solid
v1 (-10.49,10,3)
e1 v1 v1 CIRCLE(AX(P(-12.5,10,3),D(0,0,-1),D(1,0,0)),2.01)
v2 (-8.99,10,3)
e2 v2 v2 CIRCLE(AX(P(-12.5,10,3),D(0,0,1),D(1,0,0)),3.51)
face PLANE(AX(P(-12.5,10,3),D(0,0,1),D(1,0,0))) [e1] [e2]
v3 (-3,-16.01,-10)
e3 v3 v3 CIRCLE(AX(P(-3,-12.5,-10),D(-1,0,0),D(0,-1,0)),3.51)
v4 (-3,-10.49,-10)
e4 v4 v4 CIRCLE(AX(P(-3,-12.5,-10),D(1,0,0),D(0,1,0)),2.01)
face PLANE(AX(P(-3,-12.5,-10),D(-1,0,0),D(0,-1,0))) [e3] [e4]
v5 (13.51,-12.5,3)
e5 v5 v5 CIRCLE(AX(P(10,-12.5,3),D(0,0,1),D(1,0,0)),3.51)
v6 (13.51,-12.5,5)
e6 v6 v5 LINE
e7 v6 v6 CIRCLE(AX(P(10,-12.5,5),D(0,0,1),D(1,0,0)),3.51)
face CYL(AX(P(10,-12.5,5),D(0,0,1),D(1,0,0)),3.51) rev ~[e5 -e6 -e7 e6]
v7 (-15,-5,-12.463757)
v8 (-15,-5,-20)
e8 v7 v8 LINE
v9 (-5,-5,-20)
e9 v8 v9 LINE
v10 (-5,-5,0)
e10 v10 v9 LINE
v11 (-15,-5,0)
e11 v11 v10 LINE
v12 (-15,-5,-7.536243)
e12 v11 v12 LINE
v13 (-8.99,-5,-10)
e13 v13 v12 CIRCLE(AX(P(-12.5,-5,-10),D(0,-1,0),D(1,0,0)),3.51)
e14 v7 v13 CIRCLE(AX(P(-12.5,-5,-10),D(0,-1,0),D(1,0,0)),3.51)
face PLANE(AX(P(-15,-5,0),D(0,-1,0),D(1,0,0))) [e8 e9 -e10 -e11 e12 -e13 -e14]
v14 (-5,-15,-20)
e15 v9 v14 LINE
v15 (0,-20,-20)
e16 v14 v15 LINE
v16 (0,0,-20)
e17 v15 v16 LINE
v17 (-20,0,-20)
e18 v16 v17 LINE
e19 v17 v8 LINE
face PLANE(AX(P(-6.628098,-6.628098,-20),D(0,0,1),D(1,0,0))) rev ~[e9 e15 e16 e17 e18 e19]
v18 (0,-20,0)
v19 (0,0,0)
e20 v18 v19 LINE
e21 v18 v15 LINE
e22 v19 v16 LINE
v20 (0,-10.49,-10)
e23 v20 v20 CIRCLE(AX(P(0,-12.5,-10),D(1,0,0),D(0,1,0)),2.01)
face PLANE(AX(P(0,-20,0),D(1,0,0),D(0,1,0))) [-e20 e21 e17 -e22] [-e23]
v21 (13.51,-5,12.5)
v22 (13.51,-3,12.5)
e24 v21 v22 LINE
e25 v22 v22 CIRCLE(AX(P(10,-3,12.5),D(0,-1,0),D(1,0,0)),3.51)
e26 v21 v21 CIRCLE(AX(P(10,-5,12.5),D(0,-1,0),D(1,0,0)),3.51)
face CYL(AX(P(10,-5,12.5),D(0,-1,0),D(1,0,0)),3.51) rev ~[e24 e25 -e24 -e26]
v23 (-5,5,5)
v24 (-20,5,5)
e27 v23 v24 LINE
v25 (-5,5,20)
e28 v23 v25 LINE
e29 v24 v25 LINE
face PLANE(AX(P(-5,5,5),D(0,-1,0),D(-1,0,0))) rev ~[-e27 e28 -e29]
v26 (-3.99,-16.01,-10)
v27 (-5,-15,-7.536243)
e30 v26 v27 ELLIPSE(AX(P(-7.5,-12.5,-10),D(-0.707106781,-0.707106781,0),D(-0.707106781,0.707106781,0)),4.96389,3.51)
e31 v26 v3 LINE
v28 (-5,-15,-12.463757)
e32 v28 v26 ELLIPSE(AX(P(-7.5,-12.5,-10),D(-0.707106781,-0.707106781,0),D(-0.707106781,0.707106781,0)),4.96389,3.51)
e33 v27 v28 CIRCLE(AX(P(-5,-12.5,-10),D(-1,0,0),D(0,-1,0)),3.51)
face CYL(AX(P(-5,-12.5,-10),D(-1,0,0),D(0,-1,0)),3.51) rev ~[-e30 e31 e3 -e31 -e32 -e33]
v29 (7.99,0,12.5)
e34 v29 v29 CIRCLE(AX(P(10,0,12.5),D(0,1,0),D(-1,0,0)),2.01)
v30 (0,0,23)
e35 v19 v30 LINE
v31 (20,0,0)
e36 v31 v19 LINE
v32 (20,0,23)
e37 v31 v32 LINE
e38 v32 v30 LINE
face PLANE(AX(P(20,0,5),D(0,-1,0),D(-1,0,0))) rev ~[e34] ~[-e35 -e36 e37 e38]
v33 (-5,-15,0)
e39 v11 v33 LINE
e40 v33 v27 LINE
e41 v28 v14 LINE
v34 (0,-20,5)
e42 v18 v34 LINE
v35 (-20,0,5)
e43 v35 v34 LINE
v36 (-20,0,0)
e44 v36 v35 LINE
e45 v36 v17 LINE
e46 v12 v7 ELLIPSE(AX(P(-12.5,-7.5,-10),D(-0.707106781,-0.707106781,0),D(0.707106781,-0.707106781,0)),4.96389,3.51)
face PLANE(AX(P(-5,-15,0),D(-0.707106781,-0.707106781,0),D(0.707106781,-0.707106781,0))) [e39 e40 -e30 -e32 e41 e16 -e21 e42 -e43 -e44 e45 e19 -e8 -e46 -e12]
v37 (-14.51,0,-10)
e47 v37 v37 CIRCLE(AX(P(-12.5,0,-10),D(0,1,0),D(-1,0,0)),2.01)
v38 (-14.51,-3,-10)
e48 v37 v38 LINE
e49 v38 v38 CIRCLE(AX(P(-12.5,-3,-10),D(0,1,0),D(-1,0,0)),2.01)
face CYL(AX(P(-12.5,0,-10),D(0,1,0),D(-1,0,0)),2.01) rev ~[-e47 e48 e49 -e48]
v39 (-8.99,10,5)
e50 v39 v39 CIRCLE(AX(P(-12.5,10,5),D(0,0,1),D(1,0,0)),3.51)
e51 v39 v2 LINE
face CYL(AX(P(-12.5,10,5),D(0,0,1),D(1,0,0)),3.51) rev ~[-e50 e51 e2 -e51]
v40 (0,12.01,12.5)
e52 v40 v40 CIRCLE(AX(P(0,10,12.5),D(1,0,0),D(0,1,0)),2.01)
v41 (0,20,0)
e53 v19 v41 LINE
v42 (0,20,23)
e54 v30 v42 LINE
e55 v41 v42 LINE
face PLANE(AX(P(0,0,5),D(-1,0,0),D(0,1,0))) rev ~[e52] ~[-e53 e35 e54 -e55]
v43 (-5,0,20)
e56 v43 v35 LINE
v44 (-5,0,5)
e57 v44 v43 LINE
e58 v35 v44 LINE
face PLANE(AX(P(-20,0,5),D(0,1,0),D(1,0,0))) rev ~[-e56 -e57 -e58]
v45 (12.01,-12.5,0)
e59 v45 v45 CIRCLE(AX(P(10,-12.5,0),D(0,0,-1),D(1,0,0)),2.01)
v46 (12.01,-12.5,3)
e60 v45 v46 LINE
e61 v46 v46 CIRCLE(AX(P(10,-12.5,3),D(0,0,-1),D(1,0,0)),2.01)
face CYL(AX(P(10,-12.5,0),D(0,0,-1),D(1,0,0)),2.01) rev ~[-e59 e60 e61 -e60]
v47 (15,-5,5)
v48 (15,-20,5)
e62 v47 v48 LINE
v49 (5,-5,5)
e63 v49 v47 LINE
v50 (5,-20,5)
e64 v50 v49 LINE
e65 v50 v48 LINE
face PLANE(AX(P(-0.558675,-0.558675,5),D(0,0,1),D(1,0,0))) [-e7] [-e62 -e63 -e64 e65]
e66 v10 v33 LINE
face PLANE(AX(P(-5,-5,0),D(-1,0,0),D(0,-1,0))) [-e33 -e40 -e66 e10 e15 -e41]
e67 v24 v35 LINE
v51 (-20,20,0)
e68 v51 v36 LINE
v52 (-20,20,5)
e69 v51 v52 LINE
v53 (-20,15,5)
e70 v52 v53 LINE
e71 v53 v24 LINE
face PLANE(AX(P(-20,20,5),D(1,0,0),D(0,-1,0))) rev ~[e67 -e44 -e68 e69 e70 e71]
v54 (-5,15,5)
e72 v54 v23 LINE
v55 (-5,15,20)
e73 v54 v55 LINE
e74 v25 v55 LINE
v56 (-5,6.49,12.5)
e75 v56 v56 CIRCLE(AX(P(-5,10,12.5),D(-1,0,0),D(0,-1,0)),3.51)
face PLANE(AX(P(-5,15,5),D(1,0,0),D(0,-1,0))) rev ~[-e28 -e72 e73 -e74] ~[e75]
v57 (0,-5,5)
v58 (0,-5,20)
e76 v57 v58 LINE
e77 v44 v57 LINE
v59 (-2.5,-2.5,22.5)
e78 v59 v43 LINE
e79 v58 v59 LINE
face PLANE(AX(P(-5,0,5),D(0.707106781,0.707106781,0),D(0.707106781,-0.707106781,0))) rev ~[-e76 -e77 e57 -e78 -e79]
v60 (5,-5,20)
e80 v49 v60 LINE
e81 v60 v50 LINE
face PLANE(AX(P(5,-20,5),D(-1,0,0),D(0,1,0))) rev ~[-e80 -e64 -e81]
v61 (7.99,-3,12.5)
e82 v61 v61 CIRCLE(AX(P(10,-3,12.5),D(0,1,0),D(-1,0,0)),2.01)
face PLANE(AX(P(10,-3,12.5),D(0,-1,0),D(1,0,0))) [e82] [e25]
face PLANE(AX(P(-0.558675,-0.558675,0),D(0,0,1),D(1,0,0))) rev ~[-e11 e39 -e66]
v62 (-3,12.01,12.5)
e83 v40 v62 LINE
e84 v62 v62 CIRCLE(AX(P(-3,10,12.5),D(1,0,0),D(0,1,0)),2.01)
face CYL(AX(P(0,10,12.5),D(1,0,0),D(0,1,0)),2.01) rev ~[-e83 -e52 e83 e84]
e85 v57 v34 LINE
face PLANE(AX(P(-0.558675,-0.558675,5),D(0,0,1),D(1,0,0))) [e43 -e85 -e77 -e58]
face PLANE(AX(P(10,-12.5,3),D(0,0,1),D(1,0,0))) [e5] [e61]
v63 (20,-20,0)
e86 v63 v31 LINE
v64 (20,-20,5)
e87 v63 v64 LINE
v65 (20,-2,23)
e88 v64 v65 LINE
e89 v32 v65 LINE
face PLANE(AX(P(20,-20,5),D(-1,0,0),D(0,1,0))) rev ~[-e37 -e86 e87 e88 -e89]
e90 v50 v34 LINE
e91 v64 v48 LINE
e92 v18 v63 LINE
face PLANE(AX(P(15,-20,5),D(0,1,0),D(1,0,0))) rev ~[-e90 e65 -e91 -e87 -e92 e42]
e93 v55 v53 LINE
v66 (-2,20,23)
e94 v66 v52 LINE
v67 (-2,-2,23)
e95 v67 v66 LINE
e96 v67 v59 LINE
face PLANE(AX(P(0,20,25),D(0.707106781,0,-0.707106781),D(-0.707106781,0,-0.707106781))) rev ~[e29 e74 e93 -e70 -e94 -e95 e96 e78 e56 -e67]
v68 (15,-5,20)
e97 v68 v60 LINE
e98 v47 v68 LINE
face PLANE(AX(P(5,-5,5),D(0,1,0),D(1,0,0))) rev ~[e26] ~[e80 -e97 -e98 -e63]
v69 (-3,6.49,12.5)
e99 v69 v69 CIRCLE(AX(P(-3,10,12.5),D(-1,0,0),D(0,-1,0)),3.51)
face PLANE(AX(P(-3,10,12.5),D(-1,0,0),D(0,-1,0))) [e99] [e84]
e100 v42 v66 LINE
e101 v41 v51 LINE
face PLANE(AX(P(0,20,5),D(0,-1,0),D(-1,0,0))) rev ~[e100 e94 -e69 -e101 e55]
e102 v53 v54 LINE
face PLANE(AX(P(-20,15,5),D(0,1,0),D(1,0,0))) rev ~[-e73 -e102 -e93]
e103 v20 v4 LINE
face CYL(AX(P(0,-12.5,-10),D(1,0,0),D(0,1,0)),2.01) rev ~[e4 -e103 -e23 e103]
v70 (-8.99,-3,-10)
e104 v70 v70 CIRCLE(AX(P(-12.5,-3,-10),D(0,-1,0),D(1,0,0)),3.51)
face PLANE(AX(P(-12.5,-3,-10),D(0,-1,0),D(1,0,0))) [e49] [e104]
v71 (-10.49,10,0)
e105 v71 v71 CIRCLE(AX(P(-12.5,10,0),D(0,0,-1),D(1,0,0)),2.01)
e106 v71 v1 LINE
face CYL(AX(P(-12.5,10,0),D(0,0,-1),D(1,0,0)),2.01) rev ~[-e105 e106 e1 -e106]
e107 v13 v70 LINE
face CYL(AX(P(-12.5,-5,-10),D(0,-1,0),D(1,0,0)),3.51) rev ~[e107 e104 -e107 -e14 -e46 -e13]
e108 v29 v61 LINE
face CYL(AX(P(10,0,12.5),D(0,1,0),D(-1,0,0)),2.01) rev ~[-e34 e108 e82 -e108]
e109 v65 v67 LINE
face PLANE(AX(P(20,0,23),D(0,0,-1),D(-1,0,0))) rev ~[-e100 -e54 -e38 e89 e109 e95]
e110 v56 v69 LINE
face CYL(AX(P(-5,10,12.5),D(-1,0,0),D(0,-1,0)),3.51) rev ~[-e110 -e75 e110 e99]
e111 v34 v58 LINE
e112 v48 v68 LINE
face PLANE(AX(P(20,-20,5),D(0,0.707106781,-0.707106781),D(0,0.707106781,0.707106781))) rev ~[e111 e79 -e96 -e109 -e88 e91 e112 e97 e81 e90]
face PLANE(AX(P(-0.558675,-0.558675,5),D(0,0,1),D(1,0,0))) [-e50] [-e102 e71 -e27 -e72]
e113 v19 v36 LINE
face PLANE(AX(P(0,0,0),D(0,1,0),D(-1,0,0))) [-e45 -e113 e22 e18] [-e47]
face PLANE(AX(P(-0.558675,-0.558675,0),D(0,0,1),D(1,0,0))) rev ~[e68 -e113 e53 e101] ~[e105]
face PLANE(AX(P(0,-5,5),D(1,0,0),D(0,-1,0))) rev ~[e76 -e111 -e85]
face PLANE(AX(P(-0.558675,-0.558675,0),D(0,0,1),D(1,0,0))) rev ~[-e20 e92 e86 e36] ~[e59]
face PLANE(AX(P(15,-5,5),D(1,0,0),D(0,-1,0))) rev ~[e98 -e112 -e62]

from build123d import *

# Parameters (mm, degrees)
F1_DEPTH  = 5
F3_DEPTH  = 20
F5_DEPTH  = 40.001
F7_DEPTH  = 40.001
F8_R      = 2.01
F9_DEPTH  = 5
F10_R     = 2.01
F11_DEPTH = 5
F12_R     = 3.51
F13_DEPTH = 2
F14_R     = 3.51
F15_DEPTH = 2
F16_R     = 2.01
F17_DEPTH = 5
F18_R     = 3.51
F19_DEPTH = 2
F20_R     = 3.51
F21_DEPTH = 2
F23_DEPTH = 20
F24_R     = 2.01
F25_DEPTH = 5
F26_R     = 2.01
F27_DEPTH = 5
F28_R     = 3.51
F29_DEPTH = 2
F30_R     = 3.51
F31_DEPTH = 2
F32_W     = 20
F32_H     = 2
F33_DEPTH = 20.001
F35_DEPTH = 20.001


with BuildPart() as f1:
    # F0 (on Top) → F1 (new body)
    with BuildSketch(Plane.XY):
        Polygon((20, 0), (0, 0), (0, 20), (-20, 20), (-20, 0), (0, -20), (20, -20), align=None)
    extrude(amount=F1_DEPTH)

    # F2 (on face) → F3 (join)
    with BuildSketch(Plane.XY.offset(5)):
        Polygon((15, -20), (20, -20), (20, 0), (0, 0), (0, 20), (-5, 20), (-20, 20), (-20, 15), (-5, 15), (-5, 5), (-20, 5), (-20, 0), (-5, 0), (0, -5), (0, -20), (5, -20), (5, -5), (15, -5), align=None)
    extrude(amount=F3_DEPTH)

    # F4 (on face) → F5 (cut, through all)
    with BuildSketch(Plane.YZ.offset(20)):
        Polygon((-20, 5), (0, 25), (-20, 25), align=None)
    extrude(amount=-F5_DEPTH, mode=Mode.SUBTRACT)

    # F6 (on face) → F7 (cut, through all)
    with BuildSketch(Plane(origin=(0, 20, 0), x_dir=(-1, 0, 0), z_dir=(0, 1, 0))):
        Polygon((0, 25), (20, 5), (20, 25), align=None)
    extrude(amount=-F7_DEPTH, mode=Mode.SUBTRACT)

    # F8 (on face) → F9 (cut)
    with BuildSketch(Plane.YZ):
        with Locations((10, 12.5)):
            Circle(F8_R)
    extrude(amount=-F9_DEPTH, mode=Mode.SUBTRACT)

    # F10 (on face) → F11 (cut)
    with BuildSketch(Plane(origin=(0, 0, 0), x_dir=(-1, 0, 0), z_dir=(0, 1, 0))):
        with Locations((-10, 12.5)):
            Circle(F10_R)
    extrude(amount=-F11_DEPTH, mode=Mode.SUBTRACT)

    # F12 (on face) → F13 (cut)
    with BuildSketch(Plane.XZ.offset(5)):
        with Locations((10, 12.5)):
            Circle(F12_R)
    extrude(amount=-F13_DEPTH, mode=Mode.SUBTRACT)

    # F14 (on face) → F15 (cut)
    with BuildSketch(Plane(origin=(-5, 0, 0), x_dir=(0, -1, 0), z_dir=(-1, 0, 0))):
        with Locations((-10, 12.5)):
            Circle(F14_R)
    extrude(amount=-F15_DEPTH, mode=Mode.SUBTRACT)

    # F16 (on face) → F17 (cut)
    with BuildSketch(Plane(origin=(0, 0, 0), x_dir=(1, 0, 0), z_dir=(0, 0, -1))):
        with Locations((-12.5, -10)):
            Circle(F16_R)
        with Locations((10, 12.5)):
            Circle(F16_R)
    extrude(amount=-F17_DEPTH, mode=Mode.SUBTRACT)

    # F18 (on face) → F19 (cut)
    with BuildSketch(Plane.XY.offset(5)):
        with Locations((-12.5, 10)):
            Circle(F18_R)
    extrude(amount=-F19_DEPTH, mode=Mode.SUBTRACT)

    # F20 (on face) → F21 (cut)
    with BuildSketch(Plane.XY.offset(5)):
        with Locations((10, -12.5)):
            Circle(F20_R)
    extrude(amount=-F21_DEPTH, mode=Mode.SUBTRACT)

    # F22 (on Top) → F23 (join)
    with BuildSketch(Plane.XY):
        Polygon((0, -20), (0, 0), (-20, 0), (-15, -5), (-10, -5), (-5, -5), (-5, -10), (-5, -15), align=None)
    extrude(amount=-F23_DEPTH)

    # F24 (on face) → F25 (cut)
    with BuildSketch(Plane.YZ):
        with Locations((-12.5, -10)):
            Circle(F24_R)
    extrude(amount=-F25_DEPTH, mode=Mode.SUBTRACT)

    # F26 (on face) → F27 (cut)
    with BuildSketch(Plane(origin=(0, 0, 0), x_dir=(-1, 0, 0), z_dir=(0, 1, 0))):
        with Locations((12.5, -10)):
            Circle(F26_R)
    extrude(amount=-F27_DEPTH, mode=Mode.SUBTRACT)

    # F28 (on face) → F29 (cut)
    with BuildSketch(Plane(origin=(-5, 0, 0), x_dir=(0, -1, 0), z_dir=(-1, 0, 0))):
        with Locations((12.5, -10)):
            Circle(F28_R)
    extrude(amount=-F29_DEPTH, mode=Mode.SUBTRACT)

    # F30 (on face) → F31 (cut)
    with BuildSketch(Plane.XZ.offset(5)):
        with Locations((-12.5, -10)):
            Circle(F30_R)
    extrude(amount=-F31_DEPTH, mode=Mode.SUBTRACT)

    # F32 (on face) → F33 (cut, through all)
    with BuildSketch(Plane(origin=(0, 0, 0), x_dir=(-1, 0, 0), z_dir=(0, 1, 0))):
        with Locations((-10, 24)):
            Rectangle(F32_W, F32_H)
    extrude(amount=-F33_DEPTH, mode=Mode.SUBTRACT)

    # F34 (on face) → F35 (cut, through all)
    with BuildSketch(Plane.YZ):
        Polygon((-2.924178, 22.901505), (-2, 23), (20, 23), (20, 25), (-2.924178, 25), align=None)
    extrude(amount=-F35_DEPTH, mode=Mode.SUBTRACT)


solid = f1.part
